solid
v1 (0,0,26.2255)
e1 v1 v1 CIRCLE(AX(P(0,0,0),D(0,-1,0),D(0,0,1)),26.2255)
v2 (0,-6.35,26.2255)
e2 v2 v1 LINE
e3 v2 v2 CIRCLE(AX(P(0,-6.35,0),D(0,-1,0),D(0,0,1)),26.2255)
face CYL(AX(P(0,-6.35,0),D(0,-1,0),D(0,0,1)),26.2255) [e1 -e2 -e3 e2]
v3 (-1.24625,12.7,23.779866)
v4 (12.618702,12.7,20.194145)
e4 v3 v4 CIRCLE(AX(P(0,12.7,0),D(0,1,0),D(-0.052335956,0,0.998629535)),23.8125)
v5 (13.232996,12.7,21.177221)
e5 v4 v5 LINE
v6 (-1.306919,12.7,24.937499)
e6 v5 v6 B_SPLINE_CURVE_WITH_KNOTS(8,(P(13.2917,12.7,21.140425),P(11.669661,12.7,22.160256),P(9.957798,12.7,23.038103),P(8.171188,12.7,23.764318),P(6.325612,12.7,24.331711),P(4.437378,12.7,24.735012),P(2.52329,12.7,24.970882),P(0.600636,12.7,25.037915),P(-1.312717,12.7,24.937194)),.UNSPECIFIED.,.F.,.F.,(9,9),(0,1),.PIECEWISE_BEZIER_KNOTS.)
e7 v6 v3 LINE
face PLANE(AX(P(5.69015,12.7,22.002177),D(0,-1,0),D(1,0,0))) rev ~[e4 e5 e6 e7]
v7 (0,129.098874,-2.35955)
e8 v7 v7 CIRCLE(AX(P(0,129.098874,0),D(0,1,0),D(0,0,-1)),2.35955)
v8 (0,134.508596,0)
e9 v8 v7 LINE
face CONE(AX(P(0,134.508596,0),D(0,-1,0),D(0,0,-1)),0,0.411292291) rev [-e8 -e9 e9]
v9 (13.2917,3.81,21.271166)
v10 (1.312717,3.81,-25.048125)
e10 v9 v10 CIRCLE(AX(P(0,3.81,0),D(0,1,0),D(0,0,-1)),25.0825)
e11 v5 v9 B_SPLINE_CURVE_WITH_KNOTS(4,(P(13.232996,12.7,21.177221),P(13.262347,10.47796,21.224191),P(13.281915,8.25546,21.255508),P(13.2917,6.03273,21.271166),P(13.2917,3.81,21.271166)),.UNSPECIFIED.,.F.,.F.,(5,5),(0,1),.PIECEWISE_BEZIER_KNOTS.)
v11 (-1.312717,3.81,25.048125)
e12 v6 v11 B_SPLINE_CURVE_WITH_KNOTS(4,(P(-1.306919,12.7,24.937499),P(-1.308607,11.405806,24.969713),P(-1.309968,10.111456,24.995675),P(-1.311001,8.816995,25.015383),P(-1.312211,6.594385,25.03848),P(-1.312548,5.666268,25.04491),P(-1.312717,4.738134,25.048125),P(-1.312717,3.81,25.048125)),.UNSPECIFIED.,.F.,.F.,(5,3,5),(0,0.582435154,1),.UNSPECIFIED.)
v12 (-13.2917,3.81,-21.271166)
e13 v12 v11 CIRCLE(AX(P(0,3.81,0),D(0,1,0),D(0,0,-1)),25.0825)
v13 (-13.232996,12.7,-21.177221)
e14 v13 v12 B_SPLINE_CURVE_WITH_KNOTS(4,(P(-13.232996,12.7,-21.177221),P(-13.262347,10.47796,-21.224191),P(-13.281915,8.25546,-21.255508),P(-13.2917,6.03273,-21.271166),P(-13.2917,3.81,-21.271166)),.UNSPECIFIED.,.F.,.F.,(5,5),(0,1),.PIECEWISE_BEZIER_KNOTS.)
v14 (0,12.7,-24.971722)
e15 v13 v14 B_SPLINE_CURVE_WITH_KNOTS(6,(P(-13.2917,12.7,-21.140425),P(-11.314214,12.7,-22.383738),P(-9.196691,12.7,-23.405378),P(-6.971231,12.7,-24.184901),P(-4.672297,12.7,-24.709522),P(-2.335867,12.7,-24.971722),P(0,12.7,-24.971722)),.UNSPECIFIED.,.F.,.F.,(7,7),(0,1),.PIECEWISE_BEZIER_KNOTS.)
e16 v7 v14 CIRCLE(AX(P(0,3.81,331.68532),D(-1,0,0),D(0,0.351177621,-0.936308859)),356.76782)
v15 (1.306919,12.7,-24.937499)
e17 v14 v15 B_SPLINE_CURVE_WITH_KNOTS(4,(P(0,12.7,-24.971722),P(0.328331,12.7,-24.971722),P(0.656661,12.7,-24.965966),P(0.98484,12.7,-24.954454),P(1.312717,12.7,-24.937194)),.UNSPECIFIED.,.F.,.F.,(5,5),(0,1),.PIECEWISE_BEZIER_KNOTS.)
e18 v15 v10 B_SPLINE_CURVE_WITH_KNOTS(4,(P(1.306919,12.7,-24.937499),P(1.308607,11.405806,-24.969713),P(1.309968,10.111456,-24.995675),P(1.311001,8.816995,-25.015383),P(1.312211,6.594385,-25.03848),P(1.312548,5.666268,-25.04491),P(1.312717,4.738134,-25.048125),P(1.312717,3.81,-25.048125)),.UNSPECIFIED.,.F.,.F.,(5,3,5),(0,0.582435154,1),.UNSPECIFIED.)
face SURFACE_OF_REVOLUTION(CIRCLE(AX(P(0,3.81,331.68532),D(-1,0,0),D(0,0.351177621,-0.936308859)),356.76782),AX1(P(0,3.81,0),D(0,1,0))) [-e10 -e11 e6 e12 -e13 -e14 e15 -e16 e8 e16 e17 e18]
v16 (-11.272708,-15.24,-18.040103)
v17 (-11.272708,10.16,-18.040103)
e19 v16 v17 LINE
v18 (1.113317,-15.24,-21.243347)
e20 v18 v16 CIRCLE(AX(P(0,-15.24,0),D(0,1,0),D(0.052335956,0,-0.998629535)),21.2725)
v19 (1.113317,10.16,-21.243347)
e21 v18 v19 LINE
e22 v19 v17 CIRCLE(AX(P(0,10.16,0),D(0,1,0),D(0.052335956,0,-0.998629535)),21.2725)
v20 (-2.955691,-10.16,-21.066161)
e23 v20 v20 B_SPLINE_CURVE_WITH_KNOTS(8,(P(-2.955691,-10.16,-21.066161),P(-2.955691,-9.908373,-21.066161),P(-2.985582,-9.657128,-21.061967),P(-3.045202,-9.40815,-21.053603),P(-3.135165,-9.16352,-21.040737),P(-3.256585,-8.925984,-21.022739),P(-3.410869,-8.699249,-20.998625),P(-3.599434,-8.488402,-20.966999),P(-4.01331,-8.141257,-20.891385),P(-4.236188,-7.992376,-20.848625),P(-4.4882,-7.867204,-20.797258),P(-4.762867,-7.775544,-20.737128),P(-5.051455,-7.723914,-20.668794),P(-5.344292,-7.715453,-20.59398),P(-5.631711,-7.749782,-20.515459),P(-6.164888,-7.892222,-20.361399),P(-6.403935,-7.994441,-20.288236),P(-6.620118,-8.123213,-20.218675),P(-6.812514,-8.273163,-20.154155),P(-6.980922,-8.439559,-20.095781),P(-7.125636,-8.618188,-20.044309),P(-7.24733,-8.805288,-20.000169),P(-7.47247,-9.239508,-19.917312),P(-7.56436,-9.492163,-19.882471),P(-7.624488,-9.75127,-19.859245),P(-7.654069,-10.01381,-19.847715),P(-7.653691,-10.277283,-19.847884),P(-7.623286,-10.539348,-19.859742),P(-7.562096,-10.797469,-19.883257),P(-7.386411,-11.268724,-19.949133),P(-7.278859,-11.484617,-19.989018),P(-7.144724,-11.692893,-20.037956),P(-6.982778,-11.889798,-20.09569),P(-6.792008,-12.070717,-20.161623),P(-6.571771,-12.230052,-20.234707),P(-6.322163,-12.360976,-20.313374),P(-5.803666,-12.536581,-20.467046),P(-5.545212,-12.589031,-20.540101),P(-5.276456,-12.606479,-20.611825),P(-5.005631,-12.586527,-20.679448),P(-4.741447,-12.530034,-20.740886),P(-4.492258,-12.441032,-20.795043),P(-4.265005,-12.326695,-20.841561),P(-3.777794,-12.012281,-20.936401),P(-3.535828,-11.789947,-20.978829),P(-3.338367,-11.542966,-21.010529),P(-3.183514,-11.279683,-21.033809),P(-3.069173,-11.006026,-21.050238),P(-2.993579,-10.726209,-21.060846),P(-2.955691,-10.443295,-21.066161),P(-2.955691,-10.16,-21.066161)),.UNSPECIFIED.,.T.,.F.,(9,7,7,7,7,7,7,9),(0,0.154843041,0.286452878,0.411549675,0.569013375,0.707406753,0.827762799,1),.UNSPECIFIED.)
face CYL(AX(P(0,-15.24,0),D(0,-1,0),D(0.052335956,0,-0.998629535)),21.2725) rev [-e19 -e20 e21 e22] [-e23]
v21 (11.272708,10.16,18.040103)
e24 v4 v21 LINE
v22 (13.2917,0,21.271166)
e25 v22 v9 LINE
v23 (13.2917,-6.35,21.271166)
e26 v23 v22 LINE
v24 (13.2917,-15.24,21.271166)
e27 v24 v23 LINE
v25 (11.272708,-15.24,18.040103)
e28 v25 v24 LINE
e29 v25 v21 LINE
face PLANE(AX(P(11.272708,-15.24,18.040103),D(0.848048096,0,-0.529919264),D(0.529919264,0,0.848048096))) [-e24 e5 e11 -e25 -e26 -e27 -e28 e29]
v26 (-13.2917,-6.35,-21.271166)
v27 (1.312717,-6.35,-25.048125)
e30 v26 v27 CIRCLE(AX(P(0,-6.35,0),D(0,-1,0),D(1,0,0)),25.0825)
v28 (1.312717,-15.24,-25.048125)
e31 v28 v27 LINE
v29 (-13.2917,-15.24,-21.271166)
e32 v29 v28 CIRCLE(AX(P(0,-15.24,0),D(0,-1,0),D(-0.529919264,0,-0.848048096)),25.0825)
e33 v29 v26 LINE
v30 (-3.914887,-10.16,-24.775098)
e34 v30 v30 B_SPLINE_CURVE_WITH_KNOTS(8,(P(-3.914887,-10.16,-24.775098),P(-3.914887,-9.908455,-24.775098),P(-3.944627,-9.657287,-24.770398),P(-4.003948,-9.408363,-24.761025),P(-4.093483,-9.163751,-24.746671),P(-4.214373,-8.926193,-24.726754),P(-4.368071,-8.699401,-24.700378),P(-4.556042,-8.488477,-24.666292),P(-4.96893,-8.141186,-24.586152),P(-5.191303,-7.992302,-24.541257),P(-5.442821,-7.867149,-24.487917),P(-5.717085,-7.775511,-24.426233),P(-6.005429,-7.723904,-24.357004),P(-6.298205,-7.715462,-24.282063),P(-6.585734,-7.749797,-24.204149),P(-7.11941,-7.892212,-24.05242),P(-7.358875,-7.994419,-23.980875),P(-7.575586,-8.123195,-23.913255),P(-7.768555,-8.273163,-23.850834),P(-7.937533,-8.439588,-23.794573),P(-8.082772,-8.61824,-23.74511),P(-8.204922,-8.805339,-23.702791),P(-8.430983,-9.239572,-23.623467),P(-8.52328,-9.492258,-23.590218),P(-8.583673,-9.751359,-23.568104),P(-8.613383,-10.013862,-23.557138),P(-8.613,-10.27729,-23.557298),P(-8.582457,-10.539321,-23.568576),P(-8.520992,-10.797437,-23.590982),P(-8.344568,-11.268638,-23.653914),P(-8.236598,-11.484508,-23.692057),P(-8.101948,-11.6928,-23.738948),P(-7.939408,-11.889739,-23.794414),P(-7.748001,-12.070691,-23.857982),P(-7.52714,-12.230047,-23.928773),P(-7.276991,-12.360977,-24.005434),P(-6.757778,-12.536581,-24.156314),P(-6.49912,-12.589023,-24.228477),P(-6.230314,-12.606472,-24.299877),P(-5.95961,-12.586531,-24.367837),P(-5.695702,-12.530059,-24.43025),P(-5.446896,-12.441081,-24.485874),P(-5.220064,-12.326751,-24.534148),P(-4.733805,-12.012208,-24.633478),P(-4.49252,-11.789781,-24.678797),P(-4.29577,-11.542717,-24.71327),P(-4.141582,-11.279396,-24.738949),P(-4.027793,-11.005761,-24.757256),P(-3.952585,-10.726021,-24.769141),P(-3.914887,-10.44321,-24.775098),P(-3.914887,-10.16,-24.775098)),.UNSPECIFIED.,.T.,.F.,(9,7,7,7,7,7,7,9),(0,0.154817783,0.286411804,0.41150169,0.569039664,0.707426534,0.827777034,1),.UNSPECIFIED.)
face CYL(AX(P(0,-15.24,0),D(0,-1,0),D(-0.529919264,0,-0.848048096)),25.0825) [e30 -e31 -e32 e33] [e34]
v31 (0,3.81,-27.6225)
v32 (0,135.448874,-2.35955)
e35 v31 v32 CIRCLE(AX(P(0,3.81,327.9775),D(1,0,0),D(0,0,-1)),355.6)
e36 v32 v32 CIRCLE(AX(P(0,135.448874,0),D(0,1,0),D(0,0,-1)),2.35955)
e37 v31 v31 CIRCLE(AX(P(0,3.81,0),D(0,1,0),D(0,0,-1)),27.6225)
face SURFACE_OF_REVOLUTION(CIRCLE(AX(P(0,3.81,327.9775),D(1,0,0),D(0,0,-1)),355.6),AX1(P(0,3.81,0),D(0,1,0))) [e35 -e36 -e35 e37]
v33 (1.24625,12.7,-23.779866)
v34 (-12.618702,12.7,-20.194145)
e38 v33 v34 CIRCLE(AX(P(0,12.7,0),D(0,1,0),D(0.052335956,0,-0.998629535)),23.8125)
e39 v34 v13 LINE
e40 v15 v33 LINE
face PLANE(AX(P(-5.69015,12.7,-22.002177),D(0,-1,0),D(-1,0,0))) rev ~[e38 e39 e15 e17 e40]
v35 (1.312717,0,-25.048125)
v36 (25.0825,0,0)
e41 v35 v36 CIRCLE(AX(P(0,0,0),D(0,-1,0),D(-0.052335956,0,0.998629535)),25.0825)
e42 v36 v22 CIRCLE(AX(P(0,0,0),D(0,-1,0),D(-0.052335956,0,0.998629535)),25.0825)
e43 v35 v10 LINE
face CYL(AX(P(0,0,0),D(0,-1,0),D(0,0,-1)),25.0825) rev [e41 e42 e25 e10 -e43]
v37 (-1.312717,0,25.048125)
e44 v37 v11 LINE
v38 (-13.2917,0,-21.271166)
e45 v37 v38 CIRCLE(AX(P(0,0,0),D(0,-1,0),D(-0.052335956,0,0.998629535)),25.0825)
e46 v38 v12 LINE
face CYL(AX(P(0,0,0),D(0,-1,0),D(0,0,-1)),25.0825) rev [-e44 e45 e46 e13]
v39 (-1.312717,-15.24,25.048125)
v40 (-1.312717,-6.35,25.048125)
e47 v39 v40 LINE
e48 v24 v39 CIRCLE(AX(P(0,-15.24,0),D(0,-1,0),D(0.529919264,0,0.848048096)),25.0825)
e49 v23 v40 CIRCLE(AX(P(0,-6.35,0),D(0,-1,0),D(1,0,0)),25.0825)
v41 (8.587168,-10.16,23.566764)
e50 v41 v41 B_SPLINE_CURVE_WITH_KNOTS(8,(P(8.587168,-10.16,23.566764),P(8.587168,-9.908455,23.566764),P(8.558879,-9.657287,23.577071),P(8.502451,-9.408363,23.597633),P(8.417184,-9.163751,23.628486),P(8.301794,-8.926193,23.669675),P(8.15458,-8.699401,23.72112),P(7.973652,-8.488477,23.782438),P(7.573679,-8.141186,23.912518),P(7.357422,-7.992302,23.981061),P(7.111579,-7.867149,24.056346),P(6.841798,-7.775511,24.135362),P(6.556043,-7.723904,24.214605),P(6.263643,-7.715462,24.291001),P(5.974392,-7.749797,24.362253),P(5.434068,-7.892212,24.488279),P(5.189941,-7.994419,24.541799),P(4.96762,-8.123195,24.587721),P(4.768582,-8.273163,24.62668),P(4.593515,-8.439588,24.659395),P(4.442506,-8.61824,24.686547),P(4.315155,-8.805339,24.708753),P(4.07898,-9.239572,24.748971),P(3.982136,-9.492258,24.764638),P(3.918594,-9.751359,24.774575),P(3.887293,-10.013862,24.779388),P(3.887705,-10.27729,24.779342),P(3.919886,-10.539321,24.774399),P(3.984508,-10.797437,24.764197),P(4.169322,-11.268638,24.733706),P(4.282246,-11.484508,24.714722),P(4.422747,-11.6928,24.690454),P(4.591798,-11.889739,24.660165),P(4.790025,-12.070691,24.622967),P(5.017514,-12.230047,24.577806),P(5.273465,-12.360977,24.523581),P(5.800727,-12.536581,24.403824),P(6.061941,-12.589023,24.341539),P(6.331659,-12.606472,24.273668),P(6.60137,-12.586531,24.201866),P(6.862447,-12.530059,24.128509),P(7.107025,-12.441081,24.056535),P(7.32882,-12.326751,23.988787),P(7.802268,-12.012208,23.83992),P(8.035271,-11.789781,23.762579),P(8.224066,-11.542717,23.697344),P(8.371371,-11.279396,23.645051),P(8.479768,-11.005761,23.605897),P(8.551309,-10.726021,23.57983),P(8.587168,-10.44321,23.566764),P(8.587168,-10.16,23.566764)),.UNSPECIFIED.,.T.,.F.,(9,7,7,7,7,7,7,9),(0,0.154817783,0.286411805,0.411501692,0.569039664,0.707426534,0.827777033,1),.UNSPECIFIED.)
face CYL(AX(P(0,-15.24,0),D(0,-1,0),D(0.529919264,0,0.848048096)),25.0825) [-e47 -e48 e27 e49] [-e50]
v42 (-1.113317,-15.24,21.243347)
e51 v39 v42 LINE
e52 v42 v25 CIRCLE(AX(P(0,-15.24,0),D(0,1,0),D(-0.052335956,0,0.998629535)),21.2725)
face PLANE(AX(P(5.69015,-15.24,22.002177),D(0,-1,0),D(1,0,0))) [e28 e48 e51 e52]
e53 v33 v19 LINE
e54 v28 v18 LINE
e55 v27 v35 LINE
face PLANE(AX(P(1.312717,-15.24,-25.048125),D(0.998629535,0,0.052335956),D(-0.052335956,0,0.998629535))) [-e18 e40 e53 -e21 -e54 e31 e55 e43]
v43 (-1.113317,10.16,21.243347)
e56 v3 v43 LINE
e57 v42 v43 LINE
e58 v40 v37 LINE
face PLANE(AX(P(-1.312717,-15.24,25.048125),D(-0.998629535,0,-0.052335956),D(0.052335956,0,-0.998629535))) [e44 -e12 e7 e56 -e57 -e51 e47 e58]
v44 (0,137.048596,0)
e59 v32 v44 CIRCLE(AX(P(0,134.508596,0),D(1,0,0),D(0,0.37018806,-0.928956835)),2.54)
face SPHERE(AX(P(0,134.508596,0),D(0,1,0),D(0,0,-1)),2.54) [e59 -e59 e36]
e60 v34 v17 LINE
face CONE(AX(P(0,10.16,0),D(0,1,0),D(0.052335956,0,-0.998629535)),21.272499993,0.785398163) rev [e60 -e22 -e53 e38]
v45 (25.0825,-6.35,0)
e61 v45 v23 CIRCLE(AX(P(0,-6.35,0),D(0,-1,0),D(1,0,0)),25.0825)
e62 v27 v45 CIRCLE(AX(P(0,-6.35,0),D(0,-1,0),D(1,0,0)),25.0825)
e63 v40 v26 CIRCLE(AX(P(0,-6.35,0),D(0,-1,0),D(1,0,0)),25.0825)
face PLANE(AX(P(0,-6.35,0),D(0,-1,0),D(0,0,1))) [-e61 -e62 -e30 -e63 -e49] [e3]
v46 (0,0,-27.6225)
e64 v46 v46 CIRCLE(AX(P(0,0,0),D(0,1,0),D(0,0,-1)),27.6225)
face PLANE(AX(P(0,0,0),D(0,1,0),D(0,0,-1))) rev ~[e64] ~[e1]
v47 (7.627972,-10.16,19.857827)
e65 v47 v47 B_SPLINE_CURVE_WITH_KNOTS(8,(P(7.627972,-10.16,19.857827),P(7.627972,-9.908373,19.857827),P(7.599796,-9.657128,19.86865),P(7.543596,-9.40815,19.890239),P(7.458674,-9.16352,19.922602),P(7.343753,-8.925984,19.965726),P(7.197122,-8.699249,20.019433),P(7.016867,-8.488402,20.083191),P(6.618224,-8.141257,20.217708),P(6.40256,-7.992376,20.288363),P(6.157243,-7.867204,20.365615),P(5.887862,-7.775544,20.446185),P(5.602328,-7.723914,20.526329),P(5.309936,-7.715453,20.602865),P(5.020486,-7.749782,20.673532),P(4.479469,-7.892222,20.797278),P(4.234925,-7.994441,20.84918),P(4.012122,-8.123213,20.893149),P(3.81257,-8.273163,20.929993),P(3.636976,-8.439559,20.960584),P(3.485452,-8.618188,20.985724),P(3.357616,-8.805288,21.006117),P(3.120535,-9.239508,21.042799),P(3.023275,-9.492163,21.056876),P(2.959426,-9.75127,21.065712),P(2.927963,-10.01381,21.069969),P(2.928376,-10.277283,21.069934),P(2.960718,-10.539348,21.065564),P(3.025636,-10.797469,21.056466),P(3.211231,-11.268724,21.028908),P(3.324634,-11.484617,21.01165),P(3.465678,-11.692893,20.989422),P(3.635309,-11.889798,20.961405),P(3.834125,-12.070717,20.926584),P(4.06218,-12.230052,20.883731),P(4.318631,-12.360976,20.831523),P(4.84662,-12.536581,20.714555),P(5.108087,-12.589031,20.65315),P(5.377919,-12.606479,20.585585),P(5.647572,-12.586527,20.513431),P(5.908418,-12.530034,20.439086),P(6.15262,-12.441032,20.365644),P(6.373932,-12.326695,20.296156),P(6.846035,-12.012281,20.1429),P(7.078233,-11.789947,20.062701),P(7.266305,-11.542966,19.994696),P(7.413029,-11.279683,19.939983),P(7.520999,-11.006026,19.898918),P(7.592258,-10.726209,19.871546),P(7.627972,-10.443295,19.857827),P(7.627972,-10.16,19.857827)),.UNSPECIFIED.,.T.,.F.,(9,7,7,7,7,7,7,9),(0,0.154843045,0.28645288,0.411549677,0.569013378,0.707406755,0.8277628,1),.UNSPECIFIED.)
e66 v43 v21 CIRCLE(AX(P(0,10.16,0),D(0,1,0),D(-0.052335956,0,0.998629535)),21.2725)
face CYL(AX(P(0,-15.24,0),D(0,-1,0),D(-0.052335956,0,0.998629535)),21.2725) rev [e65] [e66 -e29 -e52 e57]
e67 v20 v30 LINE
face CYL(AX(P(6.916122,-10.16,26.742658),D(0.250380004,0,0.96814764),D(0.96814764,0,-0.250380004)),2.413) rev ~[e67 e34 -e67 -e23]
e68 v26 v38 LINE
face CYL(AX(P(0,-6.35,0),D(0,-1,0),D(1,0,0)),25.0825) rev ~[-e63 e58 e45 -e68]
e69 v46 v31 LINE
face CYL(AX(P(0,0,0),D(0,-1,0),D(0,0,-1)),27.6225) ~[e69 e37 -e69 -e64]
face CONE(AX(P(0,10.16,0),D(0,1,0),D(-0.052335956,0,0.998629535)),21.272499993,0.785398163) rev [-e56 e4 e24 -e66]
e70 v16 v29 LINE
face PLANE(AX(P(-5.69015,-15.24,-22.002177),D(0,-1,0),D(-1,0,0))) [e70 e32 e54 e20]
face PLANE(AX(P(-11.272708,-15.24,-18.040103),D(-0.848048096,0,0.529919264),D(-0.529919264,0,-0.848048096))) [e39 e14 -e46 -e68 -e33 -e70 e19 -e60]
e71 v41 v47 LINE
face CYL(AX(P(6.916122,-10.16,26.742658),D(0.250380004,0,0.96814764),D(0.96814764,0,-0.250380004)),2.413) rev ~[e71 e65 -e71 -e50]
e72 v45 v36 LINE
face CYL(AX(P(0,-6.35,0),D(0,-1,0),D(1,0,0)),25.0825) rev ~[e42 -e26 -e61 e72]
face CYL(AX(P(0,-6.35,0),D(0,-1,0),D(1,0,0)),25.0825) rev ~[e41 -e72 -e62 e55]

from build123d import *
from build123d.topology import SkipClean

# Parameters (mm, degrees)
SKETCH1_R           = 27.6225
SKETCH1_R_2         = 25.0825
BASE_DEPTH          = 3.81
BOLT_POINT_START    = 15.24
BOLT_POINT_DEPTH    = 27.94
CIRPATTERN2_COUNT   = 2
CHAMFER1_SIZE       = 2.54
CUT_EXTRUDE1_REACH  = 153.429
SKETCH5_R           = 2.413
BOSS_EXTRUDE1_START = 6.35
SKETCH6_R           = 26.2255
SKETCH6_R_2         = 25.0825
BOSS_EXTRUDE1_DEPTH = 6.35


with BuildPart() as part:
    # Sketch1 → base (new body)
    with BuildSketch(Plane(origin=(0, 0, 0), x_dir=(1, 0, 0), z_dir=(0, 1, 0))):
        with Locations(Location((0, 0, 0), (0, 0, 90))):
            Circle(SKETCH1_R)
        with Locations(Location((0, 0, 0), (0, 0, 90))):
            Circle(SKETCH1_R_2, mode=Mode.SUBTRACT)
    extrude(amount=BASE_DEPTH)

    # Sketch4 → Revolve1 (revolve)
    with BuildSketch(Plane(origin=(0, 0, 0), x_dir=(0, 0, -1), z_dir=(1, 0, 0)), mode=Mode.PRIVATE) as revolve1_sk:
        with BuildLine():
            Line((0, 137.048596373), (0, 134.508596373))
            Line((0, 134.508596373), (-2.35955036, 129.098874044))
            ThreePointArc((-2.35955036, 129.098874044), (-19.355801215, 67.476385164), (-25.0825, 3.81))
            Line((-25.0825, 3.81), (-27.6225, 3.81))
            ThreePointArc((-27.6225, 3.81), (-21.249657526, 70.830537494), (-2.35955036, 135.448874044))
            ThreePointArc((-2.35955036, 135.448874044), (-1.425358677, 136.610964714), (0, 137.048596373))
        make_face()
    revolve(revolve1_sk.sketch.rotate(Axis((0, 3.81, 0), (0, 1, 0)), 180), axis=Axis((0, 3.81, 0), (0, 1, 0)))

    # Sketch2 → bolt_point (add)
    with BuildSketch(Plane.XZ.offset(BOLT_POINT_START)):
        with BuildLine():
            Line((11.272707548, 18.040103125), (13.291699945, 21.271166372))
            ThreePointArc((13.291699945, 21.271166372), (6.280156452, 24.28356319), (-1.312716622, 25.048125305))
            Line((-1.312716622, 25.048125305), (-1.113316629, 21.243346778))
            ThreePointArc((-1.113316629, 21.243346778), (5.326208636, 20.59492068), (11.272707548, 18.040103125))
        make_face()
    bolt_point = extrude(amount=-BOLT_POINT_DEPTH)

    # CirPattern2: bolt_point ×2 about axis
    cirpattern2_axis = Axis((0, 0, 0), (0, 1, 0))
    for i in range(1, CIRPATTERN2_COUNT):
        add(bolt_point.rotate(cirpattern2_axis, i * 360 / CIRPATTERN2_COUNT))

    # Chamfer1
    chamfer1_edges = [part.edges().sort_by_distance(p)[0] for p in [
        (5.326208636, 12.7, 20.59492068),
        (-5.326208636, 12.7, -20.59492068),
    ]]
    chamfer(chamfer1_edges, length=CHAMFER1_SIZE)

    # Sketch5 → Cut-Extrude1 (cut, up to next)
    with BuildSketch(Plane(origin=(6.916121662, 0, 26.742658196), x_dir=(0.9681476403781086, 0, -0.25038000405443844), z_dir=(0.2503800040544384, 0, 0.9681476403781085)), mode=Mode.PRIVATE) as cut_extrude1_sk1:
        with Locations((0, -10.16)):
            Circle(SKETCH5_R)
    cut_extrude1_tool1 = extrude(cut_extrude1_sk1.sketch, amount=-CUT_EXTRUDE1_REACH, mode=Mode.PRIVATE) & part.part
    add(cut_extrude1_tool1.solids().sort_by_distance((6.916122, -10.16, 26.742658))[0], mode=Mode.SUBTRACT)
    add(cut_extrude1_tool1.solids().sort_by_distance((6.916122, -10.16, 26.742658))[1], mode=Mode.SUBTRACT)

    # Sketch6 → Boss-Extrude1 (add)
    with SkipClean():  # the faces are left unmerged after this step: merging them gives an invalid solid
        with BuildSketch(Plane.XZ.offset(BOSS_EXTRUDE1_START)):
            with Locations(Location((0, 0, 0), (0, 0, 90))):
                Circle(SKETCH6_R)
            Circle(SKETCH6_R_2, mode=Mode.SUBTRACT)
        extrude(amount=-BOSS_EXTRUDE1_DEPTH)


solid = part.part
